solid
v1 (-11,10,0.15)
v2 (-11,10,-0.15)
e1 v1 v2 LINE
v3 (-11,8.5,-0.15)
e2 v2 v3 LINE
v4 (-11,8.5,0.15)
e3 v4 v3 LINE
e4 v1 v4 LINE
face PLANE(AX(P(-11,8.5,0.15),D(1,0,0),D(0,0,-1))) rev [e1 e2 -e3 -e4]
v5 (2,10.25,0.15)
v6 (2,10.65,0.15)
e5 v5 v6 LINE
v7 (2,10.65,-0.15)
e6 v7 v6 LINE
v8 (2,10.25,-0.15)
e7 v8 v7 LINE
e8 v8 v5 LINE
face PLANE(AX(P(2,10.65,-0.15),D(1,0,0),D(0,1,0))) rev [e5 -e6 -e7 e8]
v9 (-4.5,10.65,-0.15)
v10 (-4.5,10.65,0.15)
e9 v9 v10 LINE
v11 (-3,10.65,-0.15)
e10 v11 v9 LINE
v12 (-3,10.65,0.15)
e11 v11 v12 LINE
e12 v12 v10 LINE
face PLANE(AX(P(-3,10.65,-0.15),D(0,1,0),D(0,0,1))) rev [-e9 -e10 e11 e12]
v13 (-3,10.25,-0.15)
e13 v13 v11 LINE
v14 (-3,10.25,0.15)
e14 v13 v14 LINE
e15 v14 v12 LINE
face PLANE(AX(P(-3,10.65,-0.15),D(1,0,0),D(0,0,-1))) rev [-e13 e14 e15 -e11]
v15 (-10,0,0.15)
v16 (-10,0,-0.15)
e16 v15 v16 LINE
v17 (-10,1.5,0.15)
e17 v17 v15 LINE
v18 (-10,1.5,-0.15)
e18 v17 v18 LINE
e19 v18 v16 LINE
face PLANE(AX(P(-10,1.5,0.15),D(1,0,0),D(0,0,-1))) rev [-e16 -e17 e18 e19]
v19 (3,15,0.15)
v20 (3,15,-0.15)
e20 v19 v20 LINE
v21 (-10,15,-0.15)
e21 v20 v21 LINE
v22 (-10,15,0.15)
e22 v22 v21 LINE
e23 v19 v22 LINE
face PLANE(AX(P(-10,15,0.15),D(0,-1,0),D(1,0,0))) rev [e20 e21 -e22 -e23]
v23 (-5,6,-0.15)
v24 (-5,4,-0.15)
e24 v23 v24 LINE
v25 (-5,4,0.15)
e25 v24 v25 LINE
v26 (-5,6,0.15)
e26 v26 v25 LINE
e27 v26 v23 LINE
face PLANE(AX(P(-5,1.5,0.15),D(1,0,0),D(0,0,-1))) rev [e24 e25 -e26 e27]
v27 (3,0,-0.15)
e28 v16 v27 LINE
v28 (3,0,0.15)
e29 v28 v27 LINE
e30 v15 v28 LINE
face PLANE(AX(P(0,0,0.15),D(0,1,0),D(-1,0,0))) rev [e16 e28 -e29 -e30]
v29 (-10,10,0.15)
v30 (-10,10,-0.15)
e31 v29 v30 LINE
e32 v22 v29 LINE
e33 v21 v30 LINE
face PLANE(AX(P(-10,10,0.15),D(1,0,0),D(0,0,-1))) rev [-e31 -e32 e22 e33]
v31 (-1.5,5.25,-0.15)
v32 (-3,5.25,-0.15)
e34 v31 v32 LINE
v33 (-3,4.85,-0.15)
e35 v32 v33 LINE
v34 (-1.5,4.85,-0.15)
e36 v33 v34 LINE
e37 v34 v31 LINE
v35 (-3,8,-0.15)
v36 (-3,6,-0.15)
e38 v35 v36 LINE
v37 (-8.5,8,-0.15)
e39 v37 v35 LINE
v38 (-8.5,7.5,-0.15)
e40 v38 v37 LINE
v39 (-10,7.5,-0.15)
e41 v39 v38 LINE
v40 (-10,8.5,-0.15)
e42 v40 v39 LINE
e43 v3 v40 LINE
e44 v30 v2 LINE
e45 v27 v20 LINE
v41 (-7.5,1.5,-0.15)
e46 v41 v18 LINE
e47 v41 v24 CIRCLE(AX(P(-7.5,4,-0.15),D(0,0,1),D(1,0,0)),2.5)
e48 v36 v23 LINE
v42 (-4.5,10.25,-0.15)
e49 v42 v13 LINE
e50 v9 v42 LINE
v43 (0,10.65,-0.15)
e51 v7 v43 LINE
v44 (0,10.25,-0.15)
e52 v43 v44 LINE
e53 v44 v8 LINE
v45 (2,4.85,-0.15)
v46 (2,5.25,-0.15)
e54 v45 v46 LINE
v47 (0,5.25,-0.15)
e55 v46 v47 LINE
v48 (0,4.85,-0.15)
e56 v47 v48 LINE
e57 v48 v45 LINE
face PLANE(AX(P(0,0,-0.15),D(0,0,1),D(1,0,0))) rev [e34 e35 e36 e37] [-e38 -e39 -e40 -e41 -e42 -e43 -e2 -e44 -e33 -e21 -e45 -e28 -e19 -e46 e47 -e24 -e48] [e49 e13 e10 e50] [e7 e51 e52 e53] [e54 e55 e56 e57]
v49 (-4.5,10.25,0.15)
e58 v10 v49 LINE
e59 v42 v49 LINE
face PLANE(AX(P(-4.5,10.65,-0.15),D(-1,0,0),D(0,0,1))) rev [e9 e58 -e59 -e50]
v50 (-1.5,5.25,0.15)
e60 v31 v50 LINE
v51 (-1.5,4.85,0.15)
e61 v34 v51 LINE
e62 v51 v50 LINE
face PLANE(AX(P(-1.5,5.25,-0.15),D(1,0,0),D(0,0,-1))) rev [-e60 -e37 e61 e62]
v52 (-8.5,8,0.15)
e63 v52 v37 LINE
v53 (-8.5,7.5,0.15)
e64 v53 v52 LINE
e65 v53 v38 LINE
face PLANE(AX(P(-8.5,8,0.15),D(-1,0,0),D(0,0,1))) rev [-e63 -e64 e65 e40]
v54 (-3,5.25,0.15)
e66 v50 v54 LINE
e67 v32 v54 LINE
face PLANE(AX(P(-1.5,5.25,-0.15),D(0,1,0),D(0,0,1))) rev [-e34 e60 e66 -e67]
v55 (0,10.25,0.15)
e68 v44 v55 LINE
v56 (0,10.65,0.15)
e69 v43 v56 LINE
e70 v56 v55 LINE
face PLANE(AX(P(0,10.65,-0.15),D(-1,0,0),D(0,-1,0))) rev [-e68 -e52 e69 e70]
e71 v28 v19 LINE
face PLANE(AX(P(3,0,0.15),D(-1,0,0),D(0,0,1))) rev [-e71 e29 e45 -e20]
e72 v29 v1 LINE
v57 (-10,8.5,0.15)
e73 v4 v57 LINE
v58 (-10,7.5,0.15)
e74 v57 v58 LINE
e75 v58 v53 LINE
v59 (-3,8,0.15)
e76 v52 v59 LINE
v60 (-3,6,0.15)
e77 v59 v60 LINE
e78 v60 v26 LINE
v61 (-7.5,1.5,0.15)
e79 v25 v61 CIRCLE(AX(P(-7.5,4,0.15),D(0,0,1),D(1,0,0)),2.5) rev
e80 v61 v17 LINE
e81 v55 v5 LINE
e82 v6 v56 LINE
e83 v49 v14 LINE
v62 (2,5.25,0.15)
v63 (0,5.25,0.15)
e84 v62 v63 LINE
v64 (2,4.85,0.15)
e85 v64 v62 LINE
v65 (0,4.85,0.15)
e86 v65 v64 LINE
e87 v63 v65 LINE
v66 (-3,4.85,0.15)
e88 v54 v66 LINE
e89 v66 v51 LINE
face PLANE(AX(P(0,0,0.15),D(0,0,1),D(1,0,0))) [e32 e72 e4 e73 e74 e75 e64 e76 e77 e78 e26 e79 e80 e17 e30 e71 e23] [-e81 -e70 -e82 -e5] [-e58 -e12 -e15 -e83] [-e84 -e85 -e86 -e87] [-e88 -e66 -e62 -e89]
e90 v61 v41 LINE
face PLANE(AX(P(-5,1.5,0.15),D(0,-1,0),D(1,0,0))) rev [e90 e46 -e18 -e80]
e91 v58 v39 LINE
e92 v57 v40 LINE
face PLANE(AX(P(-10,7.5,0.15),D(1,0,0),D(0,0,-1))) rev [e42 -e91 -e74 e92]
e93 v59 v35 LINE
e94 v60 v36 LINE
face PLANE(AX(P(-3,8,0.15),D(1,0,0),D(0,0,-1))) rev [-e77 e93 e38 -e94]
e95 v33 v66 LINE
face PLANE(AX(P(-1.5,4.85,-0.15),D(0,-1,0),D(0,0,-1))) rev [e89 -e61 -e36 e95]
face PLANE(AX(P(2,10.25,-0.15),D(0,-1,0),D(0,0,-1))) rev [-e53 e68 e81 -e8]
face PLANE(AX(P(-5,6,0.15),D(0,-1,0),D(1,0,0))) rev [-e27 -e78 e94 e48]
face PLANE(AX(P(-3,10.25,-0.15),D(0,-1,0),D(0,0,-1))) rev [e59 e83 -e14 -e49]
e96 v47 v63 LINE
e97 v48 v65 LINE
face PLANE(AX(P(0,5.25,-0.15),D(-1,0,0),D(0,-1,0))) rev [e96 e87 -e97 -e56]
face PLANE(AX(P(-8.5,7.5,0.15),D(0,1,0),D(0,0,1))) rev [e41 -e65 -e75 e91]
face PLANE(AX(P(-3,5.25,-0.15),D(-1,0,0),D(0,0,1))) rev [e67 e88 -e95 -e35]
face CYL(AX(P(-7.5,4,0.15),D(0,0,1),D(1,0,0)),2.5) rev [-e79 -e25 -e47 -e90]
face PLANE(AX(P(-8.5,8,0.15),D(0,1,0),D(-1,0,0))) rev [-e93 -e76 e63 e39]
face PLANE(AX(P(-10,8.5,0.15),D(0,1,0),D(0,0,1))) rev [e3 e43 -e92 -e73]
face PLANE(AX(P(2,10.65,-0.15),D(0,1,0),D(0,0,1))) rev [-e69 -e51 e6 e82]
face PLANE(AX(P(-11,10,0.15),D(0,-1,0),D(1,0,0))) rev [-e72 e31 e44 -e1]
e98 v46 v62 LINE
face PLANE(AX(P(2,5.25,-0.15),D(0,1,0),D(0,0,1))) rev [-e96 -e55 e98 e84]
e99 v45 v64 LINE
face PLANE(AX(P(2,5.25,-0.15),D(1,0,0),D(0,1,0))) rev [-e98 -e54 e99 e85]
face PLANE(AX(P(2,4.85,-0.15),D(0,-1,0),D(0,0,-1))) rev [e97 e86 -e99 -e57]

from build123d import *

# Parameters (mm, degrees)
BOSS_EXTRUDE1_DEPTH = 0.15
FILLET4_R           = 2.5
SKETCH3_W           = 2
SKETCH3_H           = 0.4
SKETCH3_W_2         = 1.5
CUT_EXTRUDE1_DEPTH  = 19.603494295


with BuildPart() as part:
    # Sketch1 → Boss-Extrude1 (new, symmetric)
    with BuildSketch(Plane.XY):
        Polygon((0, 0), (-10, 0), (-10, 1.5), (-5, 1.5), (-5, 6), (-3, 6), (-3, 8), (-8.5, 8), (-8.5, 7.5), (-10, 7.5), (-10, 8.5), (-11, 8.5), (-11, 10), (-10, 10), (-10, 15), (0, 15), (3, 15), (3, 0), align=None)
    extrude(amount=BOSS_EXTRUDE1_DEPTH, both=True)

    # Fillet4
    fillet4_edges = [part.edges().sort_by_distance(p)[0] for p in [
        (-5, 1.5, 0),
    ]]
    fillet(fillet4_edges, radius=FILLET4_R)

    # Sketch3 → Cut-Extrude1 (cut, through all)
    with BuildSketch(Plane.XY.offset(0.15)):
        with Locations((1, 5.05)):
            Rectangle(SKETCH3_W, SKETCH3_H)
        with Locations((-2.25, 5.05)):
            Rectangle(SKETCH3_W_2, SKETCH3_H)
        with Locations((1, 10.45)):
            Rectangle(SKETCH3_W, SKETCH3_H)
        with Locations((-3.75, 10.45)):
            Rectangle(SKETCH3_W_2, SKETCH3_H)
    extrude(amount=-CUT_EXTRUDE1_DEPTH, mode=Mode.SUBTRACT)


solid = part.part
